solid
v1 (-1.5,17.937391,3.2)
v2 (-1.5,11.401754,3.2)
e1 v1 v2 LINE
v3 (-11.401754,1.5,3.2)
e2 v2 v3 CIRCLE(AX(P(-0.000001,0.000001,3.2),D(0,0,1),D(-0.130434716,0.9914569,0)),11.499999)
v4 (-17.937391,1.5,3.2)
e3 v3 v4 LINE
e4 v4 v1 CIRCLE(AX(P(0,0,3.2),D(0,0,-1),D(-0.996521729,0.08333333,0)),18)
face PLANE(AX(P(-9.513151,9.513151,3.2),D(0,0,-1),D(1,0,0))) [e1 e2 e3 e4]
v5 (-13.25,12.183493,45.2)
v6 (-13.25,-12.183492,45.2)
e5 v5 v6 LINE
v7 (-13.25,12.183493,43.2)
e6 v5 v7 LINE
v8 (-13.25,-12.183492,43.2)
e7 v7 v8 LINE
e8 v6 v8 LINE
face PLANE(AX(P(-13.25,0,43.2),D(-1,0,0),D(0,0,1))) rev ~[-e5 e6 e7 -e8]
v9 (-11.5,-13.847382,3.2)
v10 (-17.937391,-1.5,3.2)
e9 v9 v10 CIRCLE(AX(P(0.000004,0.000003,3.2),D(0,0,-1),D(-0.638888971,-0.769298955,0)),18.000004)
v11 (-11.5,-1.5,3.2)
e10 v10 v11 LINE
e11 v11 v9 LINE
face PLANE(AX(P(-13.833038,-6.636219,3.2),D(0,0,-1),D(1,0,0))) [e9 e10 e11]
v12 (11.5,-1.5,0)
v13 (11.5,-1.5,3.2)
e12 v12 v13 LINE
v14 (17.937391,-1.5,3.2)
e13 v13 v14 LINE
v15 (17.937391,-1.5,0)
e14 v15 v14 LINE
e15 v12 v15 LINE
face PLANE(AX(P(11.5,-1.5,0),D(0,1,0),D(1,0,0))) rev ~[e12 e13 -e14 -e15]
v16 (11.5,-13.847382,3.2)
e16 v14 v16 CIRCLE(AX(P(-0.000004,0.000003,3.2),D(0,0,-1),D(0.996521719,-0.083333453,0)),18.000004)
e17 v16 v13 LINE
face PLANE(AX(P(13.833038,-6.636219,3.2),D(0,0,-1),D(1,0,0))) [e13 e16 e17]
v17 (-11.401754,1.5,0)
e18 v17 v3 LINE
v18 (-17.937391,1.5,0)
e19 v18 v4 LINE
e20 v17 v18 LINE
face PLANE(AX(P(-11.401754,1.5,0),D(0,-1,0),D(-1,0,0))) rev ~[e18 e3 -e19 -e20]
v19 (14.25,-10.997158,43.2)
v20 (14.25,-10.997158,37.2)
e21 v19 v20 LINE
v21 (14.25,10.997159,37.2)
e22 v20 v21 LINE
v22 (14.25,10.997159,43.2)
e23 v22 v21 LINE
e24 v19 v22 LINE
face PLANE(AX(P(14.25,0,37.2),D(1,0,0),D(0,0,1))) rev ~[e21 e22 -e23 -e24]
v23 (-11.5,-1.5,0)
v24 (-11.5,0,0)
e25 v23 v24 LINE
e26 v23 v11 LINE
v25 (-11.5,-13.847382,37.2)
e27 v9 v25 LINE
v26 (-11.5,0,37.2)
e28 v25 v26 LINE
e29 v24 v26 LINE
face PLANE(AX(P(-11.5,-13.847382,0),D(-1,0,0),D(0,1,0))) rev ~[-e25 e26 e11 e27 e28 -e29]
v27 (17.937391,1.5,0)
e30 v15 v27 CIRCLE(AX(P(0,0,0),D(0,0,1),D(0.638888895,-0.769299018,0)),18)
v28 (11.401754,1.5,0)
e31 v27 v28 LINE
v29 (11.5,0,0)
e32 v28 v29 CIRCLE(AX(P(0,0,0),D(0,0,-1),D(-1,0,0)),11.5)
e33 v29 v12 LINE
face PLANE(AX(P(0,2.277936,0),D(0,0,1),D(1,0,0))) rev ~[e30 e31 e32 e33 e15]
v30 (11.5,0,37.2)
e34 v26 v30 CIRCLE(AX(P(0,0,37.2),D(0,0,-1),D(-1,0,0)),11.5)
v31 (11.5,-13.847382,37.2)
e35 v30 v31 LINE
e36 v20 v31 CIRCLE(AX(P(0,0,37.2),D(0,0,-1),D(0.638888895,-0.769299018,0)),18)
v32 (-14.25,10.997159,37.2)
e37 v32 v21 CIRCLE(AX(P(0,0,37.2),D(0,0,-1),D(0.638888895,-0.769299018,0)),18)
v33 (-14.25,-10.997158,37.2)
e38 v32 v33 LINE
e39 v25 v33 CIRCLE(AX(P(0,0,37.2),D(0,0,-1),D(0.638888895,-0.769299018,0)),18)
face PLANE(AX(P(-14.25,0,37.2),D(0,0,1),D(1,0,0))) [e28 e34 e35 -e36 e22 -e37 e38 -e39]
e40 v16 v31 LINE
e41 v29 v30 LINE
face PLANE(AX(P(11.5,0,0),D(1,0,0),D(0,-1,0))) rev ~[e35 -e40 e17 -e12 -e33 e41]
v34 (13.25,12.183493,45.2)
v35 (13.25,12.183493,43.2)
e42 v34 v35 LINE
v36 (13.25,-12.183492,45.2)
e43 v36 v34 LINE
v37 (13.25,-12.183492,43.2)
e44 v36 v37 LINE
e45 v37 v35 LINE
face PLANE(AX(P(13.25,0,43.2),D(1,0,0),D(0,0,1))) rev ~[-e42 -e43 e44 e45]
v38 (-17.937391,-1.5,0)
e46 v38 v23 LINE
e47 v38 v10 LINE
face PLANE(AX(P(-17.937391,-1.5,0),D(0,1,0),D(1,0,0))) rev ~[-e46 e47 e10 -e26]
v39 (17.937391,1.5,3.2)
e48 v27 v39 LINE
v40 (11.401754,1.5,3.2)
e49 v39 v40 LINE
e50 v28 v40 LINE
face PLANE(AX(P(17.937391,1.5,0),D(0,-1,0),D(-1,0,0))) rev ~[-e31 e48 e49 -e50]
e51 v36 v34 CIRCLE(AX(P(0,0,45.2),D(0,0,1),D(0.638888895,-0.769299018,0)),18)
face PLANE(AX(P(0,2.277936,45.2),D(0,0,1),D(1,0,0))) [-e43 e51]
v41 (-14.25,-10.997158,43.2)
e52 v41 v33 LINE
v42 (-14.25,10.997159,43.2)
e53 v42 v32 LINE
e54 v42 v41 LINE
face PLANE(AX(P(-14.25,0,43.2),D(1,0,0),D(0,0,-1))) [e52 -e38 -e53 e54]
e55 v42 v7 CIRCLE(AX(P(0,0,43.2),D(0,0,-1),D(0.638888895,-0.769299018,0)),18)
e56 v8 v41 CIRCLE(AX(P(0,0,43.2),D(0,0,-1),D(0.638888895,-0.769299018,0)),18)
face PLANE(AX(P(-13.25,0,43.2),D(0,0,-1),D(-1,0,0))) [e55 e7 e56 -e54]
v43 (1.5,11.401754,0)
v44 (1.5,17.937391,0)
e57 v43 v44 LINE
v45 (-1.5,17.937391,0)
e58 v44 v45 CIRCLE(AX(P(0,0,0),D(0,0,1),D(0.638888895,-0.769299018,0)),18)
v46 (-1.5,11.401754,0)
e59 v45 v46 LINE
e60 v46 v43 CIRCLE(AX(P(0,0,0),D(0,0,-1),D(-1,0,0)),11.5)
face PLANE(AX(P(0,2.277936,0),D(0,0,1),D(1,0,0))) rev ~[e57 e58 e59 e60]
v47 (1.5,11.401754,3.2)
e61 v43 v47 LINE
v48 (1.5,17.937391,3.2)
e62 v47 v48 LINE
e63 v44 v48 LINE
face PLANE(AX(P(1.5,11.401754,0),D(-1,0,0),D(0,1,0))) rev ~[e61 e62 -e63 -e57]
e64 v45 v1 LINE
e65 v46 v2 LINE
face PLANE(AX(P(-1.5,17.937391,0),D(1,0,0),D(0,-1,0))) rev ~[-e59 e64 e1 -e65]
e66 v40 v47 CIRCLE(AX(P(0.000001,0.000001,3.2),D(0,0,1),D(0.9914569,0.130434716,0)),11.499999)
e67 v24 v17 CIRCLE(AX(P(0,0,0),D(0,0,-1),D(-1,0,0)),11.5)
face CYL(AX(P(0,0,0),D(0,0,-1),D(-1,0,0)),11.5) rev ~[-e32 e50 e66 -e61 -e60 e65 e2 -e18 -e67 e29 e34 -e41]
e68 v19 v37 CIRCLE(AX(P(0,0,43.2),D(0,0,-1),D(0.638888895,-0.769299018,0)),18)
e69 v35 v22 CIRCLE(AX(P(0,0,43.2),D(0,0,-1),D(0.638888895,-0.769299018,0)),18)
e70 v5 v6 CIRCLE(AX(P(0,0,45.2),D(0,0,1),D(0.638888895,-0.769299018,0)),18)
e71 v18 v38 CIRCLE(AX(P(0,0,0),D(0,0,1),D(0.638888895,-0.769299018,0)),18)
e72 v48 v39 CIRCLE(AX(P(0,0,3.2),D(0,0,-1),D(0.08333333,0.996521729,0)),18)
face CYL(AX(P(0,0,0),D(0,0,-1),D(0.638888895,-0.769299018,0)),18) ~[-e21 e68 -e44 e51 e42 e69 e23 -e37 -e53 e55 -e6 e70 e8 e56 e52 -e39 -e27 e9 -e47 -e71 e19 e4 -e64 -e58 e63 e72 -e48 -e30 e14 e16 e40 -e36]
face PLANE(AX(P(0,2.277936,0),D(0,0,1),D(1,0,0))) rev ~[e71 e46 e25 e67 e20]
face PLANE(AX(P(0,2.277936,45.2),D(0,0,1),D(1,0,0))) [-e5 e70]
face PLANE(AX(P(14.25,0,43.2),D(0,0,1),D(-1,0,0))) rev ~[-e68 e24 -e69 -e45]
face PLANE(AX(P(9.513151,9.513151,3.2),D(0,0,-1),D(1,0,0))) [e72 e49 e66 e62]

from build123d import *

# Parameters (mm, degrees)
F1_DEPTH = 45.2
F2_W     = 26.5
F2_H     = 2
F3_DEPTH = 18.001
F4_DEPTH = 13.848382
F6_DEPTH = 3.2


with BuildPart() as f1:
    # F0 (on Top) → F1 (new body)
    with BuildSketch(Plane.XY):
        with BuildLine():
            Line((11.5, 0), (11.5, -13.847382))
            ThreePointArc((11.5, -13.847382), (0, 18), (-11.5, -13.847382))
            Line((-11.5, -13.847382), (-11.5, 0))
            ThreePointArc((-11.5, 0), (0, 11.5), (11.5, 0))
        make_face()
    extrude(amount=F1_DEPTH)

    # F2 (on Front) → F3 (cut, through all)
    with BuildSketch(Plane.XZ):
        Polygon((-13.25, 43.2), (-14.25, 43.2), (-14.25, 37.2), (14.25, 37.2), (14.25, 43.2), (13.25, 43.2), align=None)
        with Locations((0, 44.2)):
            Rectangle(F2_W, F2_H)
    extrude(amount=-F3_DEPTH, mode=Mode.SUBTRACT)

    # F2 (on Front) → F4 (cut, through all)
    with BuildSketch(Plane.XZ):
        Polygon((-13.25, 43.2), (-14.25, 43.2), (-14.25, 37.2), (14.25, 37.2), (14.25, 43.2), (13.25, 43.2), align=None)
        with Locations((0, 44.2)):
            Rectangle(F2_W, F2_H)
    extrude(amount=F4_DEPTH, mode=Mode.SUBTRACT)

    # F5 (on face) → F6 (cut)
    with BuildSketch(Plane(origin=(0, 0, 0), x_dir=(1, 0, 0), z_dir=(0, 0, -1))):
        with BuildLine():
            ThreePointArc((-11.5, 13.847382), (-15.961029, 8.32139), (-17.937391, 1.5))
            Line((-17.937391, 1.5), (-11.5, 1.5))
            Line((-11.5, 1.5), (-11.5, 13.847382))
        make_face()
        with BuildLine():
            ThreePointArc((-17.937391, -1.5), (-12.727922, -12.727922), (-1.5, -17.937391))
            Line((-1.5, -17.937391), (-1.5, -11.401754))
            ThreePointArc((-1.5, -11.401754), (-8.131728, -8.131728), (-11.401754, -1.5))
            Line((-11.401754, -1.5), (-17.937391, -1.5))
        make_face()
        with BuildLine():
            Line((1.5, -11.401754), (1.5, -17.937391))
            ThreePointArc((1.5, -17.937391), (12.727922, -12.727922), (17.937391, -1.5))
            Line((17.937391, -1.5), (11.401754, -1.5))
            ThreePointArc((11.401754, -1.5), (8.131728, -8.131728), (1.5, -11.401754))
        make_face()
        with BuildLine():
            Line((11.5, 1.5), (17.937391, 1.5))
            ThreePointArc((17.937391, 1.5), (15.961029, 8.32139), (11.5, 13.847382))
            Line((11.5, 13.847382), (11.5, 1.5))
        make_face()
    extrude(amount=-F6_DEPTH, mode=Mode.SUBTRACT)


solid = f1.part
